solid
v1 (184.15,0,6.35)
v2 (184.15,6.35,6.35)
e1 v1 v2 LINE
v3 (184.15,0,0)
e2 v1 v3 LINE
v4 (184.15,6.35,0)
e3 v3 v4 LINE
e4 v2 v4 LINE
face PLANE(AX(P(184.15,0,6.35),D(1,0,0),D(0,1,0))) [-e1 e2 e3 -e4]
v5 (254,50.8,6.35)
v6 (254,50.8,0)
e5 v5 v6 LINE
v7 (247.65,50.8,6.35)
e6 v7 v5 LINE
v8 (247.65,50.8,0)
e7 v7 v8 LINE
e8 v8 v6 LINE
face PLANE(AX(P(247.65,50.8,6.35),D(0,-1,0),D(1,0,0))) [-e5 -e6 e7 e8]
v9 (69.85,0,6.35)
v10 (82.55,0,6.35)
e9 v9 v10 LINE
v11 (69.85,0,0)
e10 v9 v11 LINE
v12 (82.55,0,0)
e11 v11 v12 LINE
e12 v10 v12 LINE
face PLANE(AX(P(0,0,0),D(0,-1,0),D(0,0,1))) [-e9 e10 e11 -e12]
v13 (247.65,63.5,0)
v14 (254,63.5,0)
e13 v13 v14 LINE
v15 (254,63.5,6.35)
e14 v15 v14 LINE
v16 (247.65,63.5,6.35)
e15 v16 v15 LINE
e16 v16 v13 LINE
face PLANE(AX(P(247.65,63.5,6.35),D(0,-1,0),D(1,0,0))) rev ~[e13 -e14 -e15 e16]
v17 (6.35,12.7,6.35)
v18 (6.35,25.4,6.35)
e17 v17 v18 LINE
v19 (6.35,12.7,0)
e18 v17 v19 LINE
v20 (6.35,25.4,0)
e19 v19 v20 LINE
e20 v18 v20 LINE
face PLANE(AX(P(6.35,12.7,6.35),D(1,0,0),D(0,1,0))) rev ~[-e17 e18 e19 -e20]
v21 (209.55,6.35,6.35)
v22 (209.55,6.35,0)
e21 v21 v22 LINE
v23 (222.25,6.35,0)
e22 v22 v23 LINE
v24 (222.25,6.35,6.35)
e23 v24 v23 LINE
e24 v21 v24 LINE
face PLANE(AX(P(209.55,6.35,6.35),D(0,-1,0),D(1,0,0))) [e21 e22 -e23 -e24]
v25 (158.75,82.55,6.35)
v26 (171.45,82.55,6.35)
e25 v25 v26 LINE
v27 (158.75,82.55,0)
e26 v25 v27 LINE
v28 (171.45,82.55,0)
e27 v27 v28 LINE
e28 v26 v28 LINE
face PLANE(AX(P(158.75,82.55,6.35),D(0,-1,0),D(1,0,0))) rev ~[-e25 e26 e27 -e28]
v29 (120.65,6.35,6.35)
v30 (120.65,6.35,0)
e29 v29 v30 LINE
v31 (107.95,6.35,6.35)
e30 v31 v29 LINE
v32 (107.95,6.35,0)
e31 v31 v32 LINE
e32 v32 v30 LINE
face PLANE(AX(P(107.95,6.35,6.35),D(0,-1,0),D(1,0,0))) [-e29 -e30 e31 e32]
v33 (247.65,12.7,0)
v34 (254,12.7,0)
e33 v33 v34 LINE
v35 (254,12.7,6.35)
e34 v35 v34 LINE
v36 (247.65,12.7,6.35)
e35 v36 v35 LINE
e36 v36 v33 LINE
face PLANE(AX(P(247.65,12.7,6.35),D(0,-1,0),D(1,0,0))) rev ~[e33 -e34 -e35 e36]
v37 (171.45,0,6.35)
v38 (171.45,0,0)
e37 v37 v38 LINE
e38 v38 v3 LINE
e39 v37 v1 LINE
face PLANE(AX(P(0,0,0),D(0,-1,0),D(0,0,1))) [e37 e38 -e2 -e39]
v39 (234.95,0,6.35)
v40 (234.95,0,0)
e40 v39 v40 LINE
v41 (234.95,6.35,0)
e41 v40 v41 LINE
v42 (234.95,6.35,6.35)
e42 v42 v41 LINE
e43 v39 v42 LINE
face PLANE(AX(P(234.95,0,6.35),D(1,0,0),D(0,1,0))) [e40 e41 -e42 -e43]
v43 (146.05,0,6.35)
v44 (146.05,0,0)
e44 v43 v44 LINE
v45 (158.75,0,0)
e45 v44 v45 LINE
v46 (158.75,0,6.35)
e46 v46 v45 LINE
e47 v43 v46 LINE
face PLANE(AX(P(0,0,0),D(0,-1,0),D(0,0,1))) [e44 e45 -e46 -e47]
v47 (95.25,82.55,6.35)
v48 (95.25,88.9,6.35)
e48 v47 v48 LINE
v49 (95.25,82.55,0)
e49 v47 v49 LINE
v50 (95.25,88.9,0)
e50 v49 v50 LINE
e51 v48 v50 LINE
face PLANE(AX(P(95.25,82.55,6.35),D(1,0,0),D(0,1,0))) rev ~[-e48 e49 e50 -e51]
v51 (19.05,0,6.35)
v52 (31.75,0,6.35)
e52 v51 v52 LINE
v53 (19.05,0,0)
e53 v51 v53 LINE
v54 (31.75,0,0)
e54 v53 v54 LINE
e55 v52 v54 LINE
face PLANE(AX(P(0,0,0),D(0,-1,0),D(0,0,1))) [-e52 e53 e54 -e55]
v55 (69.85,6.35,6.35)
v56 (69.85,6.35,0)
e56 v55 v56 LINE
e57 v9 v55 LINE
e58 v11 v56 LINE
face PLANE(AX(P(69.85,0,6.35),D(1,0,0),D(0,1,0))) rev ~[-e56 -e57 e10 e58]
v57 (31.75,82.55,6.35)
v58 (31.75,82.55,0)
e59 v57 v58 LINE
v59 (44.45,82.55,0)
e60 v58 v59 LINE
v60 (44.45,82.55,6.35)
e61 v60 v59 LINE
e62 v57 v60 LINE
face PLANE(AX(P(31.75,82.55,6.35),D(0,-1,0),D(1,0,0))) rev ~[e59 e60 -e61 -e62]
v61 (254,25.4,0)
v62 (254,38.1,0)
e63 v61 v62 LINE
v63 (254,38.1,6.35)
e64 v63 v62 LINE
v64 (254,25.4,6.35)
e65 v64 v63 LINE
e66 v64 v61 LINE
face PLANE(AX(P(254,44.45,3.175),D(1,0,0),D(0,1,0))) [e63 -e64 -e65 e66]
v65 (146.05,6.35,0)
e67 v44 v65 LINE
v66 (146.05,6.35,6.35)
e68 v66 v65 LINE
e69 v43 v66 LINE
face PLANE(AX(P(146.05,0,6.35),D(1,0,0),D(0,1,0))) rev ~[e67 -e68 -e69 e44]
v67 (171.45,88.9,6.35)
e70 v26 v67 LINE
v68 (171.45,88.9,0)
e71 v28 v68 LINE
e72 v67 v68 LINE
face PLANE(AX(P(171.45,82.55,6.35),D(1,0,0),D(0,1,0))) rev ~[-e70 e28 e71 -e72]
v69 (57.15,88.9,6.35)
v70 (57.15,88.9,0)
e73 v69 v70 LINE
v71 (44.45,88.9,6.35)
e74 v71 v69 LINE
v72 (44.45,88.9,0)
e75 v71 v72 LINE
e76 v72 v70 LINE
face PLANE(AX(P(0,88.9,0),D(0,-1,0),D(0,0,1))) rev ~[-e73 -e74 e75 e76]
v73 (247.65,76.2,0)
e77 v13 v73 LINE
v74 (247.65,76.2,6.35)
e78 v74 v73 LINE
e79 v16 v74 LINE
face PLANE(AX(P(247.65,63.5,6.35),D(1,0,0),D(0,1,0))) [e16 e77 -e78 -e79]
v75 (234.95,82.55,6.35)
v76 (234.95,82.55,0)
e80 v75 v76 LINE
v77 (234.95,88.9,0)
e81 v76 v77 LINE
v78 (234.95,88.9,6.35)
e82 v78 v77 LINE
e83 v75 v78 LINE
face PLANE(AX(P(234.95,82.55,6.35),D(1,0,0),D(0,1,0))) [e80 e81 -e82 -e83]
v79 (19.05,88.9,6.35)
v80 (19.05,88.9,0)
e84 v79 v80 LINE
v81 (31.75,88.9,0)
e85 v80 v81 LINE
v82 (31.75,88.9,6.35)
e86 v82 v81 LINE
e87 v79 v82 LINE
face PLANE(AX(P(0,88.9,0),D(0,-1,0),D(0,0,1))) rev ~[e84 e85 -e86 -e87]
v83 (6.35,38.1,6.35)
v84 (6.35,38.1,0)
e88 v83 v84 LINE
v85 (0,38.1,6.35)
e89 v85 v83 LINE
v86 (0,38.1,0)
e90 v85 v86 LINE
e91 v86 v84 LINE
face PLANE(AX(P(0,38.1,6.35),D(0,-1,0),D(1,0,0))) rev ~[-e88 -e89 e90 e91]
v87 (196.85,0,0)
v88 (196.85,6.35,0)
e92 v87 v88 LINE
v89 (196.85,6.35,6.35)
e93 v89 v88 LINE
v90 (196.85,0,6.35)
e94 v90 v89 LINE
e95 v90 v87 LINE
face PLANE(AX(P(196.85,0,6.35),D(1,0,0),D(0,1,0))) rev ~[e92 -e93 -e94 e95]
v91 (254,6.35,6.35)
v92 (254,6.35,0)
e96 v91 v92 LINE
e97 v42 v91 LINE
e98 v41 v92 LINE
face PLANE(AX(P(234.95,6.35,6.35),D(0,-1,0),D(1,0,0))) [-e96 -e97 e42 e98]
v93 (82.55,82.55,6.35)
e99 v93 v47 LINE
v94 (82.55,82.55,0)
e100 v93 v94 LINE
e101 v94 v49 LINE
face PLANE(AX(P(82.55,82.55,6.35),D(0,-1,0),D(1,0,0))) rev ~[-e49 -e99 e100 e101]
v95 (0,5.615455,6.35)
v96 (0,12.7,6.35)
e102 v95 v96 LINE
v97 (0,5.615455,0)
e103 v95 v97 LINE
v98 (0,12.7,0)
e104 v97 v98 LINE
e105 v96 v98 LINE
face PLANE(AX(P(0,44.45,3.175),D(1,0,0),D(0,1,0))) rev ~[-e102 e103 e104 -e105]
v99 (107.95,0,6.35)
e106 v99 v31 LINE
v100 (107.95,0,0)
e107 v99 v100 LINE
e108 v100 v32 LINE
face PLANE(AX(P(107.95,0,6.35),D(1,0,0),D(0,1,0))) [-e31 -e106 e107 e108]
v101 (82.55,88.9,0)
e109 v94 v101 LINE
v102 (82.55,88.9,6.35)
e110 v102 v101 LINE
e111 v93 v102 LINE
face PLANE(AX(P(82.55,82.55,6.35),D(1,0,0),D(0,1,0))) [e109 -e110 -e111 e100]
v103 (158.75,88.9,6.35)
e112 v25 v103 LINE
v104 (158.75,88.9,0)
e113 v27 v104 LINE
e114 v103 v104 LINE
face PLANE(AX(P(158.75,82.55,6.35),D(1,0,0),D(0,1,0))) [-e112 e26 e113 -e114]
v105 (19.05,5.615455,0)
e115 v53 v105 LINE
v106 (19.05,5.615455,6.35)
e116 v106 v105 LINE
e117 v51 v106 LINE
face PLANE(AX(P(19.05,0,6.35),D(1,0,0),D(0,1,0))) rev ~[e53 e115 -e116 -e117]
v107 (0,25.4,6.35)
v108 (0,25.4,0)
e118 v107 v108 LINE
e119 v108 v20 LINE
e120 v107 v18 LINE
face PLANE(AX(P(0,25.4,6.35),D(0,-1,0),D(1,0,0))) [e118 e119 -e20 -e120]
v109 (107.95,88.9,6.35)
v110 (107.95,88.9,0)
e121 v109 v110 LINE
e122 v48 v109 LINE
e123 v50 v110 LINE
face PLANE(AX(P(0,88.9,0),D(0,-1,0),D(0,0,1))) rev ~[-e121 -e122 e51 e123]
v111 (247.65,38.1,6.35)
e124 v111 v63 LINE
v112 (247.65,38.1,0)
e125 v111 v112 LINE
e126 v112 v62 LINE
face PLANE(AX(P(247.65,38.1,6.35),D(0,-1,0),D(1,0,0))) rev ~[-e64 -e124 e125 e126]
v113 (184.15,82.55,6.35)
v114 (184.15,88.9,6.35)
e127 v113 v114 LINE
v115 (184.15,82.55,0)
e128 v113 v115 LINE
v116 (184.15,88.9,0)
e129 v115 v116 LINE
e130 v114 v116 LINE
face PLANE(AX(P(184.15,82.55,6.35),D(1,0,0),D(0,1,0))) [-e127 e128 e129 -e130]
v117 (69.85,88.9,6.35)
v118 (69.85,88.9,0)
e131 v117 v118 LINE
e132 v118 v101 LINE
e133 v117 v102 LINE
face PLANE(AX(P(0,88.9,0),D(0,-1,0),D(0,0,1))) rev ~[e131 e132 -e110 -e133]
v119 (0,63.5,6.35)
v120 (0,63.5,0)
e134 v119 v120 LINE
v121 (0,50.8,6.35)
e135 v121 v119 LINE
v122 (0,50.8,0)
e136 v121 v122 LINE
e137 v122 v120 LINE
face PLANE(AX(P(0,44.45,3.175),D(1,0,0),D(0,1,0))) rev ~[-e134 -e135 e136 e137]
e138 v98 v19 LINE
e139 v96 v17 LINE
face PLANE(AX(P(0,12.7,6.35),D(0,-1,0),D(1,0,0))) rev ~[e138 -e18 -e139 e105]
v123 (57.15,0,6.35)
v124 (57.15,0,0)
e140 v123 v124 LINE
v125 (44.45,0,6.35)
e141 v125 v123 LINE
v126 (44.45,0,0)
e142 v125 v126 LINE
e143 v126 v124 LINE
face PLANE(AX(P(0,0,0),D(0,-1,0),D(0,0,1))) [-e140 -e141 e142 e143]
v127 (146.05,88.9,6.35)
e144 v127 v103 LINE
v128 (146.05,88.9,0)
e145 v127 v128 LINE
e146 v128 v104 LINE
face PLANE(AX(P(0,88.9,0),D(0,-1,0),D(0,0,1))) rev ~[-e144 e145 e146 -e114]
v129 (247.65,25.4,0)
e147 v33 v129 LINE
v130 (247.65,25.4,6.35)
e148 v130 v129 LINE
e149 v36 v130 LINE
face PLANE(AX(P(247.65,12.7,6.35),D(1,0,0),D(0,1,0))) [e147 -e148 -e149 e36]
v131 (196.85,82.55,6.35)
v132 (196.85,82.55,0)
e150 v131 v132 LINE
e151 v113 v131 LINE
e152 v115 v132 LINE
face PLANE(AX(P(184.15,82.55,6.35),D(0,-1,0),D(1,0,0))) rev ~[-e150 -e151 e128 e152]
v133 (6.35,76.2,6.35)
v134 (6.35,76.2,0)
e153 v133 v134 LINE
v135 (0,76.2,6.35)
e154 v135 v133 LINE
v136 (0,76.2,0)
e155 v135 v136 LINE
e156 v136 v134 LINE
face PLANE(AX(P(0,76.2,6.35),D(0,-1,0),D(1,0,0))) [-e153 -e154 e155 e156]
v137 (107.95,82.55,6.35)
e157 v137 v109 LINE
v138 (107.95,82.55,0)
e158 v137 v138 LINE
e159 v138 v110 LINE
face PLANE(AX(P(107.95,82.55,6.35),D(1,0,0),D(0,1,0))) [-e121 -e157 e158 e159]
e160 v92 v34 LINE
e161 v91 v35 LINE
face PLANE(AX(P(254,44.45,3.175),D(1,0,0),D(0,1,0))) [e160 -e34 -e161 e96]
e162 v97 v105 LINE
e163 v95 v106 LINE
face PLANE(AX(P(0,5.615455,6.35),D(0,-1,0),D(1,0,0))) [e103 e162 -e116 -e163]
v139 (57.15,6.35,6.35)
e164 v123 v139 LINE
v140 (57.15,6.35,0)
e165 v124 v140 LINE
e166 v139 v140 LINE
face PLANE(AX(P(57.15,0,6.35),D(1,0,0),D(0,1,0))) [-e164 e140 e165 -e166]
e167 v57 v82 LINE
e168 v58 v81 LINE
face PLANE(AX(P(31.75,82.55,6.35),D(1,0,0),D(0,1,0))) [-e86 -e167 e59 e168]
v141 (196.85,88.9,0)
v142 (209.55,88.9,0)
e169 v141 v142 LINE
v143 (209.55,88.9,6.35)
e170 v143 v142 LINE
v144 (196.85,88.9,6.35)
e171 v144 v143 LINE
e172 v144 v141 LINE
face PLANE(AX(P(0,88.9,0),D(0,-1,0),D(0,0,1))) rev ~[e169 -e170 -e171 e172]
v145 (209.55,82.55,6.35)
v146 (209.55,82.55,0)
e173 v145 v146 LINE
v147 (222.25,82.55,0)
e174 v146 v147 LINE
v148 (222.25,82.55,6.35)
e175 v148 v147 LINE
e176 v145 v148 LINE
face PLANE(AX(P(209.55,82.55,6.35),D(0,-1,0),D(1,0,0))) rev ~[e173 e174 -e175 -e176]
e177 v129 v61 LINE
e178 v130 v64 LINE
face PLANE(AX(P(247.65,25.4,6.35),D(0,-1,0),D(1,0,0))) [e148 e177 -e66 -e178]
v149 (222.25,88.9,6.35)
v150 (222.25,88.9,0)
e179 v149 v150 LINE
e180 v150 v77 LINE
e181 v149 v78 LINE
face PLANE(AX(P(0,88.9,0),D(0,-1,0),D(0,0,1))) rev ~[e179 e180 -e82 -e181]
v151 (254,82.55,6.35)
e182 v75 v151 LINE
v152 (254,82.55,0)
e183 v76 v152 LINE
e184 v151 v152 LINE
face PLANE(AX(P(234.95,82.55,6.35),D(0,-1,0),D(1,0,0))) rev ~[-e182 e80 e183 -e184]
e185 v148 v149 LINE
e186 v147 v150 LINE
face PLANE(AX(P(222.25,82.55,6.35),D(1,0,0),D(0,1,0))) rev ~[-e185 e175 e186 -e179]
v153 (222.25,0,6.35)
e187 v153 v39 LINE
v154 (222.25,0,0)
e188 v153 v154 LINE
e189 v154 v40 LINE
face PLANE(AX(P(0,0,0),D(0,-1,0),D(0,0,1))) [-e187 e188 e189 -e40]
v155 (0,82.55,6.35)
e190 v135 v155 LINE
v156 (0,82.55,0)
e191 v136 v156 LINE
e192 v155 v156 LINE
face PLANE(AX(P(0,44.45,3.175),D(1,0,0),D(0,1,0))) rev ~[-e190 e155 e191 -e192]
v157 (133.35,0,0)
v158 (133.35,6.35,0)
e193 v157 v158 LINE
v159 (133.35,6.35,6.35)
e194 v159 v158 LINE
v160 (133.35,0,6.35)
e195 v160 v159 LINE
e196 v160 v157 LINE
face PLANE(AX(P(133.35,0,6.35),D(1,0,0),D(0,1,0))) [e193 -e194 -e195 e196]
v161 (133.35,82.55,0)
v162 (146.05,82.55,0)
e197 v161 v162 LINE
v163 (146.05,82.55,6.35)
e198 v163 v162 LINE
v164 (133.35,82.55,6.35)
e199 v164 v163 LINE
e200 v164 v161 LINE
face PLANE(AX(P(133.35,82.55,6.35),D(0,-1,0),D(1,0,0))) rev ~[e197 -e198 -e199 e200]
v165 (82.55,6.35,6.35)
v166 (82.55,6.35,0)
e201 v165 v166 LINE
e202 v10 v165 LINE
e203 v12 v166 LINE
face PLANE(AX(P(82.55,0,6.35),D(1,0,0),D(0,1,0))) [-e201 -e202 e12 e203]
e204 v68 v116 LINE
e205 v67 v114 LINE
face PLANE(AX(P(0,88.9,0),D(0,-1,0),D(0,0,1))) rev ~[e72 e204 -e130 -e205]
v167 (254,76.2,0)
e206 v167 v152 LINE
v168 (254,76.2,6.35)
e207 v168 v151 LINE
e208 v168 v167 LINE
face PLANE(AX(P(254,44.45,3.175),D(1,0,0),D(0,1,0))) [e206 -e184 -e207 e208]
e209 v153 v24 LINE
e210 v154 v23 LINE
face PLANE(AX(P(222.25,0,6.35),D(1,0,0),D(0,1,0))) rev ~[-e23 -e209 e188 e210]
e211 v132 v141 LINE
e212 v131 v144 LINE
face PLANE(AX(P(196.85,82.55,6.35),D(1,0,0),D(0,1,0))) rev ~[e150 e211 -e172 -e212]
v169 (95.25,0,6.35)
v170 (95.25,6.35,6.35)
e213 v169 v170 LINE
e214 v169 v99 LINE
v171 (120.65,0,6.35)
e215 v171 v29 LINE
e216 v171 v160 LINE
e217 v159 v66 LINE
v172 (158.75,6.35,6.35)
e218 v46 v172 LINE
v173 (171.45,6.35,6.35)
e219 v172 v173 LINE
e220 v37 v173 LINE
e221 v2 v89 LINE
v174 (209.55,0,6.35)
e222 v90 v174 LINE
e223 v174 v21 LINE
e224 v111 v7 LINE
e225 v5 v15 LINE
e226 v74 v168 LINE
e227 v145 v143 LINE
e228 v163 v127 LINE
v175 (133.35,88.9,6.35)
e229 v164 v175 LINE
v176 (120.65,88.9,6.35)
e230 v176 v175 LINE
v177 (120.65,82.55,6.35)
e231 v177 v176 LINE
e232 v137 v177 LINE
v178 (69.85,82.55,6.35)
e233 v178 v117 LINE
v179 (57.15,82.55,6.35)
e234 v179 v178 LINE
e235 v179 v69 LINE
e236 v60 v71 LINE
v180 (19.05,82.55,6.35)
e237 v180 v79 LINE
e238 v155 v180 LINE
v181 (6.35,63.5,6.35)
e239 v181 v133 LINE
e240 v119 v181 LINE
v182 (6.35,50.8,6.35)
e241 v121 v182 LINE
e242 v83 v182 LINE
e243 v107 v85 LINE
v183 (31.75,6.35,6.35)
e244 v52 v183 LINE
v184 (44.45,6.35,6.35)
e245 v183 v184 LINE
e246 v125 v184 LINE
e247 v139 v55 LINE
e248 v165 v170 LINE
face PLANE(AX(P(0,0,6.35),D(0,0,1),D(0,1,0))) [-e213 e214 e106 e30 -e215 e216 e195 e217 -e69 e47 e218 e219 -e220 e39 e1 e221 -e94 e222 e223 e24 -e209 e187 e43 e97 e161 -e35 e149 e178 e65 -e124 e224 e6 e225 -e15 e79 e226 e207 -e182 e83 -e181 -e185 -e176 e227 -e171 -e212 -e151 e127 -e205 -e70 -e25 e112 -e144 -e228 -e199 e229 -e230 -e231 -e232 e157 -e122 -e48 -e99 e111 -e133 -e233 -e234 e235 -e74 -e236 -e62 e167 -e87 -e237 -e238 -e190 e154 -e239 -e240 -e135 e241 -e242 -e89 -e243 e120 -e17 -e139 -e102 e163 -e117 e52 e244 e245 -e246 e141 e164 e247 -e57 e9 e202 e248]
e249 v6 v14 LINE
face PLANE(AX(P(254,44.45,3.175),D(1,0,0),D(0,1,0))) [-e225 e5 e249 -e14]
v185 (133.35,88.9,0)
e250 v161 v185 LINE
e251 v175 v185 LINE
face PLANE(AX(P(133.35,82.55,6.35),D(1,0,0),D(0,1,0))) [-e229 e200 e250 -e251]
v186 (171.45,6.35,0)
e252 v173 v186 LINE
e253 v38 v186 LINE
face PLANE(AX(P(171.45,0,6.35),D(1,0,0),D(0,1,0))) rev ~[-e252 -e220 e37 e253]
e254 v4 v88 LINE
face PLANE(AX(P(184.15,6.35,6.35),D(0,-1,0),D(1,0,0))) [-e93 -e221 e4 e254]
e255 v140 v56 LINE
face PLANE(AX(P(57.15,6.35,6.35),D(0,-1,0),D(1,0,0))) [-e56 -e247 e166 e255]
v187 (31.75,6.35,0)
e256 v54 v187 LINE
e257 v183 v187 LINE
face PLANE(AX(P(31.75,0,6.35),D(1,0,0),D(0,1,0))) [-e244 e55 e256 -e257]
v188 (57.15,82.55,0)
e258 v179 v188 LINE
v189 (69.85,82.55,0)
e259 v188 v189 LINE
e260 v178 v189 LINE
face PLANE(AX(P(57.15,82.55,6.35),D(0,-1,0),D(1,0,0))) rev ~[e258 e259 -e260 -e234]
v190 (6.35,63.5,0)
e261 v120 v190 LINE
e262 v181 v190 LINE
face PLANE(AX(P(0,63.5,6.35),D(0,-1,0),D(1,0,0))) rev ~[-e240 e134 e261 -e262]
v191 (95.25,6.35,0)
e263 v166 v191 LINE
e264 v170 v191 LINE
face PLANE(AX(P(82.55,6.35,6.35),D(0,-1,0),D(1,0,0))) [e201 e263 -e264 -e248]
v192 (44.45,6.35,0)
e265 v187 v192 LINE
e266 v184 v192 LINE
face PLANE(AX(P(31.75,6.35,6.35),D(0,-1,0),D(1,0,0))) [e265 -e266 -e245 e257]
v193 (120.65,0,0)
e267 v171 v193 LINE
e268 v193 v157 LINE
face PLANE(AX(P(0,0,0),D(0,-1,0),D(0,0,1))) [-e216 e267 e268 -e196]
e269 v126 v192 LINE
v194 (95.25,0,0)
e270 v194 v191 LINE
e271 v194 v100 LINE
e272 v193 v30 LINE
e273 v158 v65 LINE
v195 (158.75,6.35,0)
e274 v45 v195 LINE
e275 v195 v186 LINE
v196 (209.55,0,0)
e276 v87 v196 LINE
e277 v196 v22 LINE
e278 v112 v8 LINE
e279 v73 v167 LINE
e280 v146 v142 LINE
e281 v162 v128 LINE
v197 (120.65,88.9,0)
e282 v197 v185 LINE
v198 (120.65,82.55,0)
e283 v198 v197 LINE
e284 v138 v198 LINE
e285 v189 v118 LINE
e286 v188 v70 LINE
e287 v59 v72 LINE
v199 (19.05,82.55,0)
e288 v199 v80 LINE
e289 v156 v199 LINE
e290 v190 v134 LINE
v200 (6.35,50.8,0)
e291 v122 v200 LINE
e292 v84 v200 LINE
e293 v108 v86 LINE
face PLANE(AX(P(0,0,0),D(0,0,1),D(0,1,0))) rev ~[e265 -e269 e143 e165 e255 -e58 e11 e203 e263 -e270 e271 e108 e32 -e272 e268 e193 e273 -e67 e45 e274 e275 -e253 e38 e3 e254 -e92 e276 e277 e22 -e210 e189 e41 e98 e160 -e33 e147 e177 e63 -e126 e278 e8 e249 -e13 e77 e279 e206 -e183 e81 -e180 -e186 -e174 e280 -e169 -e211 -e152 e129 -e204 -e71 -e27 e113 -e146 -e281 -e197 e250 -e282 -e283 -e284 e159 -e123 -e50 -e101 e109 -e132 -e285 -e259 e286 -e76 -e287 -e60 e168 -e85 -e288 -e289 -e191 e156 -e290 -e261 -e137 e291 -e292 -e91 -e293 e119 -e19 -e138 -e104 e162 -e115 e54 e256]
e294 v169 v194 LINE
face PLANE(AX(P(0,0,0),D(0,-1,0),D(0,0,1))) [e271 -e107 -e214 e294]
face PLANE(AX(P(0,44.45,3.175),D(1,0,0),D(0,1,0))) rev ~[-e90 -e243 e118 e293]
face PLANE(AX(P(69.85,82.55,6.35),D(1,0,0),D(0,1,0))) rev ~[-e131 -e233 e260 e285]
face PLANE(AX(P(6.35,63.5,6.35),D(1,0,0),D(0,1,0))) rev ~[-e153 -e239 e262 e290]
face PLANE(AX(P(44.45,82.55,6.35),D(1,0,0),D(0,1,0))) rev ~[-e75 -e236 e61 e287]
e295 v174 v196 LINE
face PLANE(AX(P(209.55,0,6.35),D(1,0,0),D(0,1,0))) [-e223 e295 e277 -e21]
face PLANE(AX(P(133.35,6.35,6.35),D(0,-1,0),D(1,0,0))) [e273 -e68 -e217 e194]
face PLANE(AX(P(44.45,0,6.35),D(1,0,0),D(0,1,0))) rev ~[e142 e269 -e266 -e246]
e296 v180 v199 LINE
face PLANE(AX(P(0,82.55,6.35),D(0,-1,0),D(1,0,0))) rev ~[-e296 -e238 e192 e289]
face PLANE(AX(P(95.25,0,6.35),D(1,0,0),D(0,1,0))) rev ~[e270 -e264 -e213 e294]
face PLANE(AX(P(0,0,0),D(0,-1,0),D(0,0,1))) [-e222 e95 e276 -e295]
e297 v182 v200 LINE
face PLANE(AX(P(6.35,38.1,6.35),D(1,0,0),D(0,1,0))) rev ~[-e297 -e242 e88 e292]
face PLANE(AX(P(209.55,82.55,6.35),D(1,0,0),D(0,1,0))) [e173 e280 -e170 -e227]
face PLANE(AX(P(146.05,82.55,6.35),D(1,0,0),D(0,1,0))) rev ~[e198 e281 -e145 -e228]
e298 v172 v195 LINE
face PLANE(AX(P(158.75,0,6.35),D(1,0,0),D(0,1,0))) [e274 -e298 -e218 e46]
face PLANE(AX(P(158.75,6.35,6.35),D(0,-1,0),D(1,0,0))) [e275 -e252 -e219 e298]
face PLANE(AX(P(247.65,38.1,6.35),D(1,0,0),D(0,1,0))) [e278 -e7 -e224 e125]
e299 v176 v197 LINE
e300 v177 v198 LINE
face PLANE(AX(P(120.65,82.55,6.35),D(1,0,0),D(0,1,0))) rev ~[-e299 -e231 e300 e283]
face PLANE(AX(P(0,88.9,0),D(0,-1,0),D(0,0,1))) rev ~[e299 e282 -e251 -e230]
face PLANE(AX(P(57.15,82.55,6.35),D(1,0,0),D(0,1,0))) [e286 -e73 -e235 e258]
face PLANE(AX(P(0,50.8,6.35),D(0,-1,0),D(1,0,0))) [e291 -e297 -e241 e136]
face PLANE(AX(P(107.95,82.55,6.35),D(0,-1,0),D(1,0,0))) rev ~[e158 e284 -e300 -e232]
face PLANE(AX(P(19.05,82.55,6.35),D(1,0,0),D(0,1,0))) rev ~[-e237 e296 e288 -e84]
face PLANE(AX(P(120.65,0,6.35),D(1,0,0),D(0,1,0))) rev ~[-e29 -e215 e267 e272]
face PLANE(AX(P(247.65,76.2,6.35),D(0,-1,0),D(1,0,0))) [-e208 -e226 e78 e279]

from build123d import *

# Parameters (mm, degrees)
SKETCH2_W           = 88.9
SKETCH2_H           = 6.35
BOSS_EXTRUDE1_DEPTH = 254
SKETCH3_W           = 6.35
SKETCH3_H           = 12.7
SKETCH3_W_2         = 12.7
SKETCH3_H_2         = 6.35
SKETCH3_W_3         = 19.05
SKETCH3_H_3         = 5.615455356
CUT_EXTRUDE1_DEPTH  = 254


with BuildPart() as part:
    # Sketch2 → Boss-Extrude1 (new body)
    with BuildSketch(Plane.YZ):
        with Locations((44.45, 3.175)):
            Rectangle(SKETCH2_W, SKETCH2_H)
    extrude(amount=BOSS_EXTRUDE1_DEPTH)

    # Sketch3 → Cut-Extrude1 (cut)
    with BuildSketch(Plane.XY.offset(6.35)):
        with Locations((3.175, 19.05)):
            Rectangle(SKETCH3_W, SKETCH3_H)
        with Locations((250.825, 19.05)):
            Rectangle(SKETCH3_W, SKETCH3_H)
        with Locations((3.175, 44.45)):
            Rectangle(SKETCH3_W, SKETCH3_H)
        with Locations((3.175, 69.85)):
            Rectangle(SKETCH3_W, SKETCH3_H)
        with Locations((250.825, 44.45)):
            Rectangle(SKETCH3_W, SKETCH3_H)
        with Locations((250.825, 69.85)):
            Rectangle(SKETCH3_W, SKETCH3_H)
        with Locations((88.9, 3.175)):
            Rectangle(SKETCH3_W_2, SKETCH3_H_2)
        with Locations((63.5, 3.175)):
            Rectangle(SKETCH3_W_2, SKETCH3_H_2)
        with Locations((114.3, 3.175)):
            Rectangle(SKETCH3_W_2, SKETCH3_H_2)
        with Locations((139.7, 3.175)):
            Rectangle(SKETCH3_W_2, SKETCH3_H_2)
        with Locations((165.1, 3.175)):
            Rectangle(SKETCH3_W_2, SKETCH3_H_2)
        with Locations((190.5, 3.175)):
            Rectangle(SKETCH3_W_2, SKETCH3_H_2)
        with Locations((215.9, 3.175)):
            Rectangle(SKETCH3_W_2, SKETCH3_H_2)
        with Locations((244.475, 3.175)):
            Rectangle(SKETCH3_W_3, SKETCH3_H_2)
        with Locations((88.9, 85.725)):
            Rectangle(SKETCH3_W_2, SKETCH3_H_2)
        with Locations((63.5, 85.725)):
            Rectangle(SKETCH3_W_2, SKETCH3_H_2)
        with Locations((114.3, 85.725)):
            Rectangle(SKETCH3_W_2, SKETCH3_H_2)
        with Locations((139.7, 85.725)):
            Rectangle(SKETCH3_W_2, SKETCH3_H_2)
        with Locations((165.1, 85.725)):
            Rectangle(SKETCH3_W_2, SKETCH3_H_2)
        with Locations((190.5, 85.725)):
            Rectangle(SKETCH3_W_2, SKETCH3_H_2)
        with Locations((215.9, 85.725)):
            Rectangle(SKETCH3_W_2, SKETCH3_H_2)
        with Locations((244.475, 85.725)):
            Rectangle(SKETCH3_W_3, SKETCH3_H_2)
        with Locations((38.1, 85.725)):
            Rectangle(SKETCH3_W_2, SKETCH3_H_2)
        with Locations((9.525, 85.725)):
            Rectangle(SKETCH3_W_3, SKETCH3_H_2)
        with Locations((9.525, 2.807727678)):
            Rectangle(SKETCH3_W_3, SKETCH3_H_3)
        with Locations((38.1, 3.175)):
            Rectangle(SKETCH3_W_2, SKETCH3_H_2)
    extrude(amount=-CUT_EXTRUDE1_DEPTH, mode=Mode.SUBTRACT)


solid = part.part
